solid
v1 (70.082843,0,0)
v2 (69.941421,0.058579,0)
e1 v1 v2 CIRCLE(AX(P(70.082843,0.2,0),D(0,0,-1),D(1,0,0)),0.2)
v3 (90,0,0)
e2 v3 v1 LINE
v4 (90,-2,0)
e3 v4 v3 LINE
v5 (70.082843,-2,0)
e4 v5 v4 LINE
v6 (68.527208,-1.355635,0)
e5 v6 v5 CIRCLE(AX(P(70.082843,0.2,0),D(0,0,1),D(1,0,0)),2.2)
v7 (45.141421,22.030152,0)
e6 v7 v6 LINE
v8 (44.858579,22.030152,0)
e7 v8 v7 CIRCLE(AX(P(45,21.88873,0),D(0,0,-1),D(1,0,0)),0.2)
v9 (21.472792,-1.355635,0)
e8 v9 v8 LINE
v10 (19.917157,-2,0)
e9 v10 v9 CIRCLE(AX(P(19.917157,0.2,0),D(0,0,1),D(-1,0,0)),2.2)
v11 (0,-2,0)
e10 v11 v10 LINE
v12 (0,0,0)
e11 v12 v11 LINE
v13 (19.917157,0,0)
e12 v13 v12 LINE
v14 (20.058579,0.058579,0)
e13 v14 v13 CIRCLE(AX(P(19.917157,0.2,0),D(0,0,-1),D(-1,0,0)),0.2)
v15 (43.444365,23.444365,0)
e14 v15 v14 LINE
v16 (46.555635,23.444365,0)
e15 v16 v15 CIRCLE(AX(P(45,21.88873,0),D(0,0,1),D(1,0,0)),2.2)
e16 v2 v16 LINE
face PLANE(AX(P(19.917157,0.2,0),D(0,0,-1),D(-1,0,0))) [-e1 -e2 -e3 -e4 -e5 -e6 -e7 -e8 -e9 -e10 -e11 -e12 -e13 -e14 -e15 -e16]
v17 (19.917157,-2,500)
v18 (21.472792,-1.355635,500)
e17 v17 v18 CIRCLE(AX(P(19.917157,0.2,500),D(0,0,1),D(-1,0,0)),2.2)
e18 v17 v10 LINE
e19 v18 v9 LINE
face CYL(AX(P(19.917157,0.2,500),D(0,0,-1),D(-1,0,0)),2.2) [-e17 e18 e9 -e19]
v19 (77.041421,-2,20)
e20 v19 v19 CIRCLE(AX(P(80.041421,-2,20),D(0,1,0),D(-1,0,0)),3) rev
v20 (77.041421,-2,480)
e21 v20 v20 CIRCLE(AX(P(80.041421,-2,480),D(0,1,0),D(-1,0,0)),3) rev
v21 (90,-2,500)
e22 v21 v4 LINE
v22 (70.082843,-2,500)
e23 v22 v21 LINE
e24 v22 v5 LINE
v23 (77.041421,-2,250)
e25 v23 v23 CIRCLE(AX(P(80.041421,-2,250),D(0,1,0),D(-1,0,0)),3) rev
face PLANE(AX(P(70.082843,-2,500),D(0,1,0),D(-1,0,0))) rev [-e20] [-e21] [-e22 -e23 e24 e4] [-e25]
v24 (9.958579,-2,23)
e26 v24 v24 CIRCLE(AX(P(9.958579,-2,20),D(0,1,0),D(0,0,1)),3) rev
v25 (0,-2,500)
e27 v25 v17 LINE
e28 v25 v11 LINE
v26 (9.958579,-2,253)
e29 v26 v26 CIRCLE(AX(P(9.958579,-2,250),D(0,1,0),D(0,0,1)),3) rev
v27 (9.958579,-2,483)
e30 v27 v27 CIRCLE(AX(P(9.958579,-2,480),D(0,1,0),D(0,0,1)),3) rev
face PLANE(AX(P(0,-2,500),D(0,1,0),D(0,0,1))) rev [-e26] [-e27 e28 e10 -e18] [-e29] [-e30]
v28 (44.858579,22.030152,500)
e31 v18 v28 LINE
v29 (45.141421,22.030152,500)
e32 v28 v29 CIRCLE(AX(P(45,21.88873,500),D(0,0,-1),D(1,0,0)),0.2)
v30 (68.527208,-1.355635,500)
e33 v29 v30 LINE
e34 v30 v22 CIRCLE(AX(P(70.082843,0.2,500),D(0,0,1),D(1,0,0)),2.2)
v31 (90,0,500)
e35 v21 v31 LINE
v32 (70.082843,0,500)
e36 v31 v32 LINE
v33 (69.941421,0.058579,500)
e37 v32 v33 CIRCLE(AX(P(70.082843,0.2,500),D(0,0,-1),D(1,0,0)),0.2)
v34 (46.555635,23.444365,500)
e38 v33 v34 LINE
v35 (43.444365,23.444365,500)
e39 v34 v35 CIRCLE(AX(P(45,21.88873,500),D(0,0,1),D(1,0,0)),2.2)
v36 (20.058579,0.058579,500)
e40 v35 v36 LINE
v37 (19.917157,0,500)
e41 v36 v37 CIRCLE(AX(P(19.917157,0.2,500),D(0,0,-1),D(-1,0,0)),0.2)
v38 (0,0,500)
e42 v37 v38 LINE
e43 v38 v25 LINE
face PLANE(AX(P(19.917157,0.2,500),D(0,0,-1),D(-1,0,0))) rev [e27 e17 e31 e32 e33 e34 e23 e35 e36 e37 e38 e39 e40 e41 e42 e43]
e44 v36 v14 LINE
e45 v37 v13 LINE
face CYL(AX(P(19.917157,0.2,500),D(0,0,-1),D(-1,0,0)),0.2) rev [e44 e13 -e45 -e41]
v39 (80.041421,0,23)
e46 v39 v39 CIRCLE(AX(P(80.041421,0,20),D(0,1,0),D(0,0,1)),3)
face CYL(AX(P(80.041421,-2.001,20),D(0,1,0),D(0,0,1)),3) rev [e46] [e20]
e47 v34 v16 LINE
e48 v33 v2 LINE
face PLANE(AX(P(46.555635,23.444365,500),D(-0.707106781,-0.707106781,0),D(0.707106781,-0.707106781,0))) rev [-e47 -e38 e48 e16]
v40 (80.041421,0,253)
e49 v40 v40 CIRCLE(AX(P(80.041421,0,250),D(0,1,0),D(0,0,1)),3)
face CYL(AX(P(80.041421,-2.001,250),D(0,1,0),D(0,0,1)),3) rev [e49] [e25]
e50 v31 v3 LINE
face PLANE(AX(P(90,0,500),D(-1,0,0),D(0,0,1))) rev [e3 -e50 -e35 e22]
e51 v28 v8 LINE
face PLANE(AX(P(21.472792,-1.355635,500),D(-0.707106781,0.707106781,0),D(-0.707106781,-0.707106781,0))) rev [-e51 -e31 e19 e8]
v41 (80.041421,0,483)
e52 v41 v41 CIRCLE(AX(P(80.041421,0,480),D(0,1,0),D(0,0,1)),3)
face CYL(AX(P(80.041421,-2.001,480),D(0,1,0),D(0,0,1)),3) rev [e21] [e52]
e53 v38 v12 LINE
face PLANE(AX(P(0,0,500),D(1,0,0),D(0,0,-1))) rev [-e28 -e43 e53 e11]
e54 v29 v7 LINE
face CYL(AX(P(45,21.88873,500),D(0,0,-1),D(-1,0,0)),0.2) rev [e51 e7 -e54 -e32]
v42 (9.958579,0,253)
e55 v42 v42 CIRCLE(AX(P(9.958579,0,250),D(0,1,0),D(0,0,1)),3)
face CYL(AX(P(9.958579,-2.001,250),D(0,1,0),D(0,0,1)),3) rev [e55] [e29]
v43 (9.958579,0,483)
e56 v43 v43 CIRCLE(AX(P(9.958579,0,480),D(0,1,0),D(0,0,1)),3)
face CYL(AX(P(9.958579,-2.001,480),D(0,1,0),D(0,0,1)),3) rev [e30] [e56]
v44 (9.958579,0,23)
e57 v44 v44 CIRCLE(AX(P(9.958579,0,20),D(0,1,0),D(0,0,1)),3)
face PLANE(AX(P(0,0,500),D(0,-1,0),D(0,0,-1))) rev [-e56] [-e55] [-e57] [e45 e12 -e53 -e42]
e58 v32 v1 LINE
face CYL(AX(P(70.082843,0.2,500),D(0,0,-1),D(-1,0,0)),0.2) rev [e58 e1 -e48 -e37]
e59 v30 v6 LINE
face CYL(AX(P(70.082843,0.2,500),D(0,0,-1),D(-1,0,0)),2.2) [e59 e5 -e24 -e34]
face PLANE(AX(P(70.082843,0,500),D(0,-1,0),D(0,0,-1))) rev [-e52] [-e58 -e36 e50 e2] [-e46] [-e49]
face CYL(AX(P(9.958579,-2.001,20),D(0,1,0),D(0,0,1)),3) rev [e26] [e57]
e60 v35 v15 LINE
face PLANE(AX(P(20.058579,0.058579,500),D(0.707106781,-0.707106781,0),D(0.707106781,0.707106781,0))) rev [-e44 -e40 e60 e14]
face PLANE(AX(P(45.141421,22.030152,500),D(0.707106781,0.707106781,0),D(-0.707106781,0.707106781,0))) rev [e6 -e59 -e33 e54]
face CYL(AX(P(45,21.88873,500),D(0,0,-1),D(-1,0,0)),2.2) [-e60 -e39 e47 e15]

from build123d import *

# Parameters (mm, degrees)
EXTRUDE_1_DEPTH     = 500
CUT_EXTRUDE_1_REACH = 4
SKETCH_2_R          = 3


with BuildPart() as part:
    # 草图1 → 凸台-拉伸1 (new body)
    with BuildSketch(Plane.XY):
        with BuildLine():
            Line((0, 0), (19.917157288, 0))
            ThreePointArc((19.917157288, 0), (19.993693974, 0.015224093), (20.058578644, 0.058578644))
            Line((20.058578644, 0.058578644), (43.444365081, 23.444365081))
            ThreePointArc((43.444365081, 23.444365081), (45, 24.088730163), (46.555634919, 23.444365081))
            Line((46.555634919, 23.444365081), (69.941421356, 0.058578644))
            ThreePointArc((69.941421356, 0.058578644), (70.006306026, 0.015224093), (70.082842712, 0))
            Line((70.082842712, 0), (90, 0))
            Line((90, 0), (90, -2))
            Line((90, -2), (70.082842712, -2))
            ThreePointArc((70.082842712, -2), (69.240939161, -1.832534972), (68.527207794, -1.355634919))
            Line((68.527207794, -1.355634919), (45.141421356, 22.030151519))
            ThreePointArc((45.141421356, 22.030151519), (45, 22.088730163), (44.858578644, 22.030151519))
            Line((44.858578644, 22.030151519), (21.472792206, -1.355634919))
            ThreePointArc((21.472792206, -1.355634919), (20.759060839, -1.832534972), (19.917157288, -2))
            Line((19.917157288, -2), (0, -2))
            Line((0, -2), (0, 0))
        make_face()
    extrude(amount=EXTRUDE_1_DEPTH)

    # 草图2 → 切除-拉伸1 (cut, up to next)
    with BuildSketch(Plane(origin=(0, 0, 0), x_dir=(1, 0, 0), z_dir=(0, 1, 0)), mode=Mode.PRIVATE) as cut_extrude_1_sk1:
        with Locations((9.958578644, -20)):
            Circle(SKETCH_2_R)
    cut_extrude_1_tool1 = extrude(cut_extrude_1_sk1.sketch, amount=-CUT_EXTRUDE_1_REACH, mode=Mode.PRIVATE) & part.part
    add(cut_extrude_1_tool1.solids().sort_by_distance((9.958579, 0, 20))[0], mode=Mode.SUBTRACT)
    # 草图2 → 切除-拉伸1 (cut, up to next)
    with BuildSketch(Plane(origin=(0, 0, 0), x_dir=(1, 0, 0), z_dir=(0, 1, 0)), mode=Mode.PRIVATE) as cut_extrude_1_sk2:
        with Locations((80.041421356, -20)):
            Circle(SKETCH_2_R)
    cut_extrude_1_tool2 = extrude(cut_extrude_1_sk2.sketch, amount=-CUT_EXTRUDE_1_REACH, mode=Mode.PRIVATE) & part.part
    add(cut_extrude_1_tool2.solids().sort_by_distance((80.041421, 0, 20))[0], mode=Mode.SUBTRACT)
    # 草图2 → 切除-拉伸1 (cut, up to next)
    with BuildSketch(Plane(origin=(0, 0, 0), x_dir=(1, 0, 0), z_dir=(0, 1, 0)), mode=Mode.PRIVATE) as cut_extrude_1_sk3:
        with Locations((9.958578644, -250)):
            Circle(SKETCH_2_R)
    cut_extrude_1_tool3 = extrude(cut_extrude_1_sk3.sketch, amount=-CUT_EXTRUDE_1_REACH, mode=Mode.PRIVATE) & part.part
    add(cut_extrude_1_tool3.solids().sort_by_distance((9.958579, 0, 250))[0], mode=Mode.SUBTRACT)
    # 草图2 → 切除-拉伸1 (cut, up to next)
    with BuildSketch(Plane(origin=(0, 0, 0), x_dir=(1, 0, 0), z_dir=(0, 1, 0)), mode=Mode.PRIVATE) as cut_extrude_1_sk4:
        with Locations((80.041421356, -250)):
            Circle(SKETCH_2_R)
    cut_extrude_1_tool4 = extrude(cut_extrude_1_sk4.sketch, amount=-CUT_EXTRUDE_1_REACH, mode=Mode.PRIVATE) & part.part
    add(cut_extrude_1_tool4.solids().sort_by_distance((80.041421, 0, 250))[0], mode=Mode.SUBTRACT)
    # 草图2 → 切除-拉伸1 (cut, up to next)
    with BuildSketch(Plane(origin=(0, 0, 0), x_dir=(1, 0, 0), z_dir=(0, 1, 0)), mode=Mode.PRIVATE) as cut_extrude_1_sk5:
        with Locations((9.958578644, -480)):
            Circle(SKETCH_2_R)
    cut_extrude_1_tool5 = extrude(cut_extrude_1_sk5.sketch, amount=-CUT_EXTRUDE_1_REACH, mode=Mode.PRIVATE) & part.part
    add(cut_extrude_1_tool5.solids().sort_by_distance((9.958579, 0, 480))[0], mode=Mode.SUBTRACT)
    # 草图2 → 切除-拉伸1 (cut, up to next)
    with BuildSketch(Plane(origin=(0, 0, 0), x_dir=(1, 0, 0), z_dir=(0, 1, 0)), mode=Mode.PRIVATE) as cut_extrude_1_sk6:
        with Locations((80.041421356, -480)):
            Circle(SKETCH_2_R)
    cut_extrude_1_tool6 = extrude(cut_extrude_1_sk6.sketch, amount=-CUT_EXTRUDE_1_REACH, mode=Mode.PRIVATE) & part.part
    add(cut_extrude_1_tool6.solids().sort_by_distance((80.041421, 0, 480))[0], mode=Mode.SUBTRACT)


solid = part.part
